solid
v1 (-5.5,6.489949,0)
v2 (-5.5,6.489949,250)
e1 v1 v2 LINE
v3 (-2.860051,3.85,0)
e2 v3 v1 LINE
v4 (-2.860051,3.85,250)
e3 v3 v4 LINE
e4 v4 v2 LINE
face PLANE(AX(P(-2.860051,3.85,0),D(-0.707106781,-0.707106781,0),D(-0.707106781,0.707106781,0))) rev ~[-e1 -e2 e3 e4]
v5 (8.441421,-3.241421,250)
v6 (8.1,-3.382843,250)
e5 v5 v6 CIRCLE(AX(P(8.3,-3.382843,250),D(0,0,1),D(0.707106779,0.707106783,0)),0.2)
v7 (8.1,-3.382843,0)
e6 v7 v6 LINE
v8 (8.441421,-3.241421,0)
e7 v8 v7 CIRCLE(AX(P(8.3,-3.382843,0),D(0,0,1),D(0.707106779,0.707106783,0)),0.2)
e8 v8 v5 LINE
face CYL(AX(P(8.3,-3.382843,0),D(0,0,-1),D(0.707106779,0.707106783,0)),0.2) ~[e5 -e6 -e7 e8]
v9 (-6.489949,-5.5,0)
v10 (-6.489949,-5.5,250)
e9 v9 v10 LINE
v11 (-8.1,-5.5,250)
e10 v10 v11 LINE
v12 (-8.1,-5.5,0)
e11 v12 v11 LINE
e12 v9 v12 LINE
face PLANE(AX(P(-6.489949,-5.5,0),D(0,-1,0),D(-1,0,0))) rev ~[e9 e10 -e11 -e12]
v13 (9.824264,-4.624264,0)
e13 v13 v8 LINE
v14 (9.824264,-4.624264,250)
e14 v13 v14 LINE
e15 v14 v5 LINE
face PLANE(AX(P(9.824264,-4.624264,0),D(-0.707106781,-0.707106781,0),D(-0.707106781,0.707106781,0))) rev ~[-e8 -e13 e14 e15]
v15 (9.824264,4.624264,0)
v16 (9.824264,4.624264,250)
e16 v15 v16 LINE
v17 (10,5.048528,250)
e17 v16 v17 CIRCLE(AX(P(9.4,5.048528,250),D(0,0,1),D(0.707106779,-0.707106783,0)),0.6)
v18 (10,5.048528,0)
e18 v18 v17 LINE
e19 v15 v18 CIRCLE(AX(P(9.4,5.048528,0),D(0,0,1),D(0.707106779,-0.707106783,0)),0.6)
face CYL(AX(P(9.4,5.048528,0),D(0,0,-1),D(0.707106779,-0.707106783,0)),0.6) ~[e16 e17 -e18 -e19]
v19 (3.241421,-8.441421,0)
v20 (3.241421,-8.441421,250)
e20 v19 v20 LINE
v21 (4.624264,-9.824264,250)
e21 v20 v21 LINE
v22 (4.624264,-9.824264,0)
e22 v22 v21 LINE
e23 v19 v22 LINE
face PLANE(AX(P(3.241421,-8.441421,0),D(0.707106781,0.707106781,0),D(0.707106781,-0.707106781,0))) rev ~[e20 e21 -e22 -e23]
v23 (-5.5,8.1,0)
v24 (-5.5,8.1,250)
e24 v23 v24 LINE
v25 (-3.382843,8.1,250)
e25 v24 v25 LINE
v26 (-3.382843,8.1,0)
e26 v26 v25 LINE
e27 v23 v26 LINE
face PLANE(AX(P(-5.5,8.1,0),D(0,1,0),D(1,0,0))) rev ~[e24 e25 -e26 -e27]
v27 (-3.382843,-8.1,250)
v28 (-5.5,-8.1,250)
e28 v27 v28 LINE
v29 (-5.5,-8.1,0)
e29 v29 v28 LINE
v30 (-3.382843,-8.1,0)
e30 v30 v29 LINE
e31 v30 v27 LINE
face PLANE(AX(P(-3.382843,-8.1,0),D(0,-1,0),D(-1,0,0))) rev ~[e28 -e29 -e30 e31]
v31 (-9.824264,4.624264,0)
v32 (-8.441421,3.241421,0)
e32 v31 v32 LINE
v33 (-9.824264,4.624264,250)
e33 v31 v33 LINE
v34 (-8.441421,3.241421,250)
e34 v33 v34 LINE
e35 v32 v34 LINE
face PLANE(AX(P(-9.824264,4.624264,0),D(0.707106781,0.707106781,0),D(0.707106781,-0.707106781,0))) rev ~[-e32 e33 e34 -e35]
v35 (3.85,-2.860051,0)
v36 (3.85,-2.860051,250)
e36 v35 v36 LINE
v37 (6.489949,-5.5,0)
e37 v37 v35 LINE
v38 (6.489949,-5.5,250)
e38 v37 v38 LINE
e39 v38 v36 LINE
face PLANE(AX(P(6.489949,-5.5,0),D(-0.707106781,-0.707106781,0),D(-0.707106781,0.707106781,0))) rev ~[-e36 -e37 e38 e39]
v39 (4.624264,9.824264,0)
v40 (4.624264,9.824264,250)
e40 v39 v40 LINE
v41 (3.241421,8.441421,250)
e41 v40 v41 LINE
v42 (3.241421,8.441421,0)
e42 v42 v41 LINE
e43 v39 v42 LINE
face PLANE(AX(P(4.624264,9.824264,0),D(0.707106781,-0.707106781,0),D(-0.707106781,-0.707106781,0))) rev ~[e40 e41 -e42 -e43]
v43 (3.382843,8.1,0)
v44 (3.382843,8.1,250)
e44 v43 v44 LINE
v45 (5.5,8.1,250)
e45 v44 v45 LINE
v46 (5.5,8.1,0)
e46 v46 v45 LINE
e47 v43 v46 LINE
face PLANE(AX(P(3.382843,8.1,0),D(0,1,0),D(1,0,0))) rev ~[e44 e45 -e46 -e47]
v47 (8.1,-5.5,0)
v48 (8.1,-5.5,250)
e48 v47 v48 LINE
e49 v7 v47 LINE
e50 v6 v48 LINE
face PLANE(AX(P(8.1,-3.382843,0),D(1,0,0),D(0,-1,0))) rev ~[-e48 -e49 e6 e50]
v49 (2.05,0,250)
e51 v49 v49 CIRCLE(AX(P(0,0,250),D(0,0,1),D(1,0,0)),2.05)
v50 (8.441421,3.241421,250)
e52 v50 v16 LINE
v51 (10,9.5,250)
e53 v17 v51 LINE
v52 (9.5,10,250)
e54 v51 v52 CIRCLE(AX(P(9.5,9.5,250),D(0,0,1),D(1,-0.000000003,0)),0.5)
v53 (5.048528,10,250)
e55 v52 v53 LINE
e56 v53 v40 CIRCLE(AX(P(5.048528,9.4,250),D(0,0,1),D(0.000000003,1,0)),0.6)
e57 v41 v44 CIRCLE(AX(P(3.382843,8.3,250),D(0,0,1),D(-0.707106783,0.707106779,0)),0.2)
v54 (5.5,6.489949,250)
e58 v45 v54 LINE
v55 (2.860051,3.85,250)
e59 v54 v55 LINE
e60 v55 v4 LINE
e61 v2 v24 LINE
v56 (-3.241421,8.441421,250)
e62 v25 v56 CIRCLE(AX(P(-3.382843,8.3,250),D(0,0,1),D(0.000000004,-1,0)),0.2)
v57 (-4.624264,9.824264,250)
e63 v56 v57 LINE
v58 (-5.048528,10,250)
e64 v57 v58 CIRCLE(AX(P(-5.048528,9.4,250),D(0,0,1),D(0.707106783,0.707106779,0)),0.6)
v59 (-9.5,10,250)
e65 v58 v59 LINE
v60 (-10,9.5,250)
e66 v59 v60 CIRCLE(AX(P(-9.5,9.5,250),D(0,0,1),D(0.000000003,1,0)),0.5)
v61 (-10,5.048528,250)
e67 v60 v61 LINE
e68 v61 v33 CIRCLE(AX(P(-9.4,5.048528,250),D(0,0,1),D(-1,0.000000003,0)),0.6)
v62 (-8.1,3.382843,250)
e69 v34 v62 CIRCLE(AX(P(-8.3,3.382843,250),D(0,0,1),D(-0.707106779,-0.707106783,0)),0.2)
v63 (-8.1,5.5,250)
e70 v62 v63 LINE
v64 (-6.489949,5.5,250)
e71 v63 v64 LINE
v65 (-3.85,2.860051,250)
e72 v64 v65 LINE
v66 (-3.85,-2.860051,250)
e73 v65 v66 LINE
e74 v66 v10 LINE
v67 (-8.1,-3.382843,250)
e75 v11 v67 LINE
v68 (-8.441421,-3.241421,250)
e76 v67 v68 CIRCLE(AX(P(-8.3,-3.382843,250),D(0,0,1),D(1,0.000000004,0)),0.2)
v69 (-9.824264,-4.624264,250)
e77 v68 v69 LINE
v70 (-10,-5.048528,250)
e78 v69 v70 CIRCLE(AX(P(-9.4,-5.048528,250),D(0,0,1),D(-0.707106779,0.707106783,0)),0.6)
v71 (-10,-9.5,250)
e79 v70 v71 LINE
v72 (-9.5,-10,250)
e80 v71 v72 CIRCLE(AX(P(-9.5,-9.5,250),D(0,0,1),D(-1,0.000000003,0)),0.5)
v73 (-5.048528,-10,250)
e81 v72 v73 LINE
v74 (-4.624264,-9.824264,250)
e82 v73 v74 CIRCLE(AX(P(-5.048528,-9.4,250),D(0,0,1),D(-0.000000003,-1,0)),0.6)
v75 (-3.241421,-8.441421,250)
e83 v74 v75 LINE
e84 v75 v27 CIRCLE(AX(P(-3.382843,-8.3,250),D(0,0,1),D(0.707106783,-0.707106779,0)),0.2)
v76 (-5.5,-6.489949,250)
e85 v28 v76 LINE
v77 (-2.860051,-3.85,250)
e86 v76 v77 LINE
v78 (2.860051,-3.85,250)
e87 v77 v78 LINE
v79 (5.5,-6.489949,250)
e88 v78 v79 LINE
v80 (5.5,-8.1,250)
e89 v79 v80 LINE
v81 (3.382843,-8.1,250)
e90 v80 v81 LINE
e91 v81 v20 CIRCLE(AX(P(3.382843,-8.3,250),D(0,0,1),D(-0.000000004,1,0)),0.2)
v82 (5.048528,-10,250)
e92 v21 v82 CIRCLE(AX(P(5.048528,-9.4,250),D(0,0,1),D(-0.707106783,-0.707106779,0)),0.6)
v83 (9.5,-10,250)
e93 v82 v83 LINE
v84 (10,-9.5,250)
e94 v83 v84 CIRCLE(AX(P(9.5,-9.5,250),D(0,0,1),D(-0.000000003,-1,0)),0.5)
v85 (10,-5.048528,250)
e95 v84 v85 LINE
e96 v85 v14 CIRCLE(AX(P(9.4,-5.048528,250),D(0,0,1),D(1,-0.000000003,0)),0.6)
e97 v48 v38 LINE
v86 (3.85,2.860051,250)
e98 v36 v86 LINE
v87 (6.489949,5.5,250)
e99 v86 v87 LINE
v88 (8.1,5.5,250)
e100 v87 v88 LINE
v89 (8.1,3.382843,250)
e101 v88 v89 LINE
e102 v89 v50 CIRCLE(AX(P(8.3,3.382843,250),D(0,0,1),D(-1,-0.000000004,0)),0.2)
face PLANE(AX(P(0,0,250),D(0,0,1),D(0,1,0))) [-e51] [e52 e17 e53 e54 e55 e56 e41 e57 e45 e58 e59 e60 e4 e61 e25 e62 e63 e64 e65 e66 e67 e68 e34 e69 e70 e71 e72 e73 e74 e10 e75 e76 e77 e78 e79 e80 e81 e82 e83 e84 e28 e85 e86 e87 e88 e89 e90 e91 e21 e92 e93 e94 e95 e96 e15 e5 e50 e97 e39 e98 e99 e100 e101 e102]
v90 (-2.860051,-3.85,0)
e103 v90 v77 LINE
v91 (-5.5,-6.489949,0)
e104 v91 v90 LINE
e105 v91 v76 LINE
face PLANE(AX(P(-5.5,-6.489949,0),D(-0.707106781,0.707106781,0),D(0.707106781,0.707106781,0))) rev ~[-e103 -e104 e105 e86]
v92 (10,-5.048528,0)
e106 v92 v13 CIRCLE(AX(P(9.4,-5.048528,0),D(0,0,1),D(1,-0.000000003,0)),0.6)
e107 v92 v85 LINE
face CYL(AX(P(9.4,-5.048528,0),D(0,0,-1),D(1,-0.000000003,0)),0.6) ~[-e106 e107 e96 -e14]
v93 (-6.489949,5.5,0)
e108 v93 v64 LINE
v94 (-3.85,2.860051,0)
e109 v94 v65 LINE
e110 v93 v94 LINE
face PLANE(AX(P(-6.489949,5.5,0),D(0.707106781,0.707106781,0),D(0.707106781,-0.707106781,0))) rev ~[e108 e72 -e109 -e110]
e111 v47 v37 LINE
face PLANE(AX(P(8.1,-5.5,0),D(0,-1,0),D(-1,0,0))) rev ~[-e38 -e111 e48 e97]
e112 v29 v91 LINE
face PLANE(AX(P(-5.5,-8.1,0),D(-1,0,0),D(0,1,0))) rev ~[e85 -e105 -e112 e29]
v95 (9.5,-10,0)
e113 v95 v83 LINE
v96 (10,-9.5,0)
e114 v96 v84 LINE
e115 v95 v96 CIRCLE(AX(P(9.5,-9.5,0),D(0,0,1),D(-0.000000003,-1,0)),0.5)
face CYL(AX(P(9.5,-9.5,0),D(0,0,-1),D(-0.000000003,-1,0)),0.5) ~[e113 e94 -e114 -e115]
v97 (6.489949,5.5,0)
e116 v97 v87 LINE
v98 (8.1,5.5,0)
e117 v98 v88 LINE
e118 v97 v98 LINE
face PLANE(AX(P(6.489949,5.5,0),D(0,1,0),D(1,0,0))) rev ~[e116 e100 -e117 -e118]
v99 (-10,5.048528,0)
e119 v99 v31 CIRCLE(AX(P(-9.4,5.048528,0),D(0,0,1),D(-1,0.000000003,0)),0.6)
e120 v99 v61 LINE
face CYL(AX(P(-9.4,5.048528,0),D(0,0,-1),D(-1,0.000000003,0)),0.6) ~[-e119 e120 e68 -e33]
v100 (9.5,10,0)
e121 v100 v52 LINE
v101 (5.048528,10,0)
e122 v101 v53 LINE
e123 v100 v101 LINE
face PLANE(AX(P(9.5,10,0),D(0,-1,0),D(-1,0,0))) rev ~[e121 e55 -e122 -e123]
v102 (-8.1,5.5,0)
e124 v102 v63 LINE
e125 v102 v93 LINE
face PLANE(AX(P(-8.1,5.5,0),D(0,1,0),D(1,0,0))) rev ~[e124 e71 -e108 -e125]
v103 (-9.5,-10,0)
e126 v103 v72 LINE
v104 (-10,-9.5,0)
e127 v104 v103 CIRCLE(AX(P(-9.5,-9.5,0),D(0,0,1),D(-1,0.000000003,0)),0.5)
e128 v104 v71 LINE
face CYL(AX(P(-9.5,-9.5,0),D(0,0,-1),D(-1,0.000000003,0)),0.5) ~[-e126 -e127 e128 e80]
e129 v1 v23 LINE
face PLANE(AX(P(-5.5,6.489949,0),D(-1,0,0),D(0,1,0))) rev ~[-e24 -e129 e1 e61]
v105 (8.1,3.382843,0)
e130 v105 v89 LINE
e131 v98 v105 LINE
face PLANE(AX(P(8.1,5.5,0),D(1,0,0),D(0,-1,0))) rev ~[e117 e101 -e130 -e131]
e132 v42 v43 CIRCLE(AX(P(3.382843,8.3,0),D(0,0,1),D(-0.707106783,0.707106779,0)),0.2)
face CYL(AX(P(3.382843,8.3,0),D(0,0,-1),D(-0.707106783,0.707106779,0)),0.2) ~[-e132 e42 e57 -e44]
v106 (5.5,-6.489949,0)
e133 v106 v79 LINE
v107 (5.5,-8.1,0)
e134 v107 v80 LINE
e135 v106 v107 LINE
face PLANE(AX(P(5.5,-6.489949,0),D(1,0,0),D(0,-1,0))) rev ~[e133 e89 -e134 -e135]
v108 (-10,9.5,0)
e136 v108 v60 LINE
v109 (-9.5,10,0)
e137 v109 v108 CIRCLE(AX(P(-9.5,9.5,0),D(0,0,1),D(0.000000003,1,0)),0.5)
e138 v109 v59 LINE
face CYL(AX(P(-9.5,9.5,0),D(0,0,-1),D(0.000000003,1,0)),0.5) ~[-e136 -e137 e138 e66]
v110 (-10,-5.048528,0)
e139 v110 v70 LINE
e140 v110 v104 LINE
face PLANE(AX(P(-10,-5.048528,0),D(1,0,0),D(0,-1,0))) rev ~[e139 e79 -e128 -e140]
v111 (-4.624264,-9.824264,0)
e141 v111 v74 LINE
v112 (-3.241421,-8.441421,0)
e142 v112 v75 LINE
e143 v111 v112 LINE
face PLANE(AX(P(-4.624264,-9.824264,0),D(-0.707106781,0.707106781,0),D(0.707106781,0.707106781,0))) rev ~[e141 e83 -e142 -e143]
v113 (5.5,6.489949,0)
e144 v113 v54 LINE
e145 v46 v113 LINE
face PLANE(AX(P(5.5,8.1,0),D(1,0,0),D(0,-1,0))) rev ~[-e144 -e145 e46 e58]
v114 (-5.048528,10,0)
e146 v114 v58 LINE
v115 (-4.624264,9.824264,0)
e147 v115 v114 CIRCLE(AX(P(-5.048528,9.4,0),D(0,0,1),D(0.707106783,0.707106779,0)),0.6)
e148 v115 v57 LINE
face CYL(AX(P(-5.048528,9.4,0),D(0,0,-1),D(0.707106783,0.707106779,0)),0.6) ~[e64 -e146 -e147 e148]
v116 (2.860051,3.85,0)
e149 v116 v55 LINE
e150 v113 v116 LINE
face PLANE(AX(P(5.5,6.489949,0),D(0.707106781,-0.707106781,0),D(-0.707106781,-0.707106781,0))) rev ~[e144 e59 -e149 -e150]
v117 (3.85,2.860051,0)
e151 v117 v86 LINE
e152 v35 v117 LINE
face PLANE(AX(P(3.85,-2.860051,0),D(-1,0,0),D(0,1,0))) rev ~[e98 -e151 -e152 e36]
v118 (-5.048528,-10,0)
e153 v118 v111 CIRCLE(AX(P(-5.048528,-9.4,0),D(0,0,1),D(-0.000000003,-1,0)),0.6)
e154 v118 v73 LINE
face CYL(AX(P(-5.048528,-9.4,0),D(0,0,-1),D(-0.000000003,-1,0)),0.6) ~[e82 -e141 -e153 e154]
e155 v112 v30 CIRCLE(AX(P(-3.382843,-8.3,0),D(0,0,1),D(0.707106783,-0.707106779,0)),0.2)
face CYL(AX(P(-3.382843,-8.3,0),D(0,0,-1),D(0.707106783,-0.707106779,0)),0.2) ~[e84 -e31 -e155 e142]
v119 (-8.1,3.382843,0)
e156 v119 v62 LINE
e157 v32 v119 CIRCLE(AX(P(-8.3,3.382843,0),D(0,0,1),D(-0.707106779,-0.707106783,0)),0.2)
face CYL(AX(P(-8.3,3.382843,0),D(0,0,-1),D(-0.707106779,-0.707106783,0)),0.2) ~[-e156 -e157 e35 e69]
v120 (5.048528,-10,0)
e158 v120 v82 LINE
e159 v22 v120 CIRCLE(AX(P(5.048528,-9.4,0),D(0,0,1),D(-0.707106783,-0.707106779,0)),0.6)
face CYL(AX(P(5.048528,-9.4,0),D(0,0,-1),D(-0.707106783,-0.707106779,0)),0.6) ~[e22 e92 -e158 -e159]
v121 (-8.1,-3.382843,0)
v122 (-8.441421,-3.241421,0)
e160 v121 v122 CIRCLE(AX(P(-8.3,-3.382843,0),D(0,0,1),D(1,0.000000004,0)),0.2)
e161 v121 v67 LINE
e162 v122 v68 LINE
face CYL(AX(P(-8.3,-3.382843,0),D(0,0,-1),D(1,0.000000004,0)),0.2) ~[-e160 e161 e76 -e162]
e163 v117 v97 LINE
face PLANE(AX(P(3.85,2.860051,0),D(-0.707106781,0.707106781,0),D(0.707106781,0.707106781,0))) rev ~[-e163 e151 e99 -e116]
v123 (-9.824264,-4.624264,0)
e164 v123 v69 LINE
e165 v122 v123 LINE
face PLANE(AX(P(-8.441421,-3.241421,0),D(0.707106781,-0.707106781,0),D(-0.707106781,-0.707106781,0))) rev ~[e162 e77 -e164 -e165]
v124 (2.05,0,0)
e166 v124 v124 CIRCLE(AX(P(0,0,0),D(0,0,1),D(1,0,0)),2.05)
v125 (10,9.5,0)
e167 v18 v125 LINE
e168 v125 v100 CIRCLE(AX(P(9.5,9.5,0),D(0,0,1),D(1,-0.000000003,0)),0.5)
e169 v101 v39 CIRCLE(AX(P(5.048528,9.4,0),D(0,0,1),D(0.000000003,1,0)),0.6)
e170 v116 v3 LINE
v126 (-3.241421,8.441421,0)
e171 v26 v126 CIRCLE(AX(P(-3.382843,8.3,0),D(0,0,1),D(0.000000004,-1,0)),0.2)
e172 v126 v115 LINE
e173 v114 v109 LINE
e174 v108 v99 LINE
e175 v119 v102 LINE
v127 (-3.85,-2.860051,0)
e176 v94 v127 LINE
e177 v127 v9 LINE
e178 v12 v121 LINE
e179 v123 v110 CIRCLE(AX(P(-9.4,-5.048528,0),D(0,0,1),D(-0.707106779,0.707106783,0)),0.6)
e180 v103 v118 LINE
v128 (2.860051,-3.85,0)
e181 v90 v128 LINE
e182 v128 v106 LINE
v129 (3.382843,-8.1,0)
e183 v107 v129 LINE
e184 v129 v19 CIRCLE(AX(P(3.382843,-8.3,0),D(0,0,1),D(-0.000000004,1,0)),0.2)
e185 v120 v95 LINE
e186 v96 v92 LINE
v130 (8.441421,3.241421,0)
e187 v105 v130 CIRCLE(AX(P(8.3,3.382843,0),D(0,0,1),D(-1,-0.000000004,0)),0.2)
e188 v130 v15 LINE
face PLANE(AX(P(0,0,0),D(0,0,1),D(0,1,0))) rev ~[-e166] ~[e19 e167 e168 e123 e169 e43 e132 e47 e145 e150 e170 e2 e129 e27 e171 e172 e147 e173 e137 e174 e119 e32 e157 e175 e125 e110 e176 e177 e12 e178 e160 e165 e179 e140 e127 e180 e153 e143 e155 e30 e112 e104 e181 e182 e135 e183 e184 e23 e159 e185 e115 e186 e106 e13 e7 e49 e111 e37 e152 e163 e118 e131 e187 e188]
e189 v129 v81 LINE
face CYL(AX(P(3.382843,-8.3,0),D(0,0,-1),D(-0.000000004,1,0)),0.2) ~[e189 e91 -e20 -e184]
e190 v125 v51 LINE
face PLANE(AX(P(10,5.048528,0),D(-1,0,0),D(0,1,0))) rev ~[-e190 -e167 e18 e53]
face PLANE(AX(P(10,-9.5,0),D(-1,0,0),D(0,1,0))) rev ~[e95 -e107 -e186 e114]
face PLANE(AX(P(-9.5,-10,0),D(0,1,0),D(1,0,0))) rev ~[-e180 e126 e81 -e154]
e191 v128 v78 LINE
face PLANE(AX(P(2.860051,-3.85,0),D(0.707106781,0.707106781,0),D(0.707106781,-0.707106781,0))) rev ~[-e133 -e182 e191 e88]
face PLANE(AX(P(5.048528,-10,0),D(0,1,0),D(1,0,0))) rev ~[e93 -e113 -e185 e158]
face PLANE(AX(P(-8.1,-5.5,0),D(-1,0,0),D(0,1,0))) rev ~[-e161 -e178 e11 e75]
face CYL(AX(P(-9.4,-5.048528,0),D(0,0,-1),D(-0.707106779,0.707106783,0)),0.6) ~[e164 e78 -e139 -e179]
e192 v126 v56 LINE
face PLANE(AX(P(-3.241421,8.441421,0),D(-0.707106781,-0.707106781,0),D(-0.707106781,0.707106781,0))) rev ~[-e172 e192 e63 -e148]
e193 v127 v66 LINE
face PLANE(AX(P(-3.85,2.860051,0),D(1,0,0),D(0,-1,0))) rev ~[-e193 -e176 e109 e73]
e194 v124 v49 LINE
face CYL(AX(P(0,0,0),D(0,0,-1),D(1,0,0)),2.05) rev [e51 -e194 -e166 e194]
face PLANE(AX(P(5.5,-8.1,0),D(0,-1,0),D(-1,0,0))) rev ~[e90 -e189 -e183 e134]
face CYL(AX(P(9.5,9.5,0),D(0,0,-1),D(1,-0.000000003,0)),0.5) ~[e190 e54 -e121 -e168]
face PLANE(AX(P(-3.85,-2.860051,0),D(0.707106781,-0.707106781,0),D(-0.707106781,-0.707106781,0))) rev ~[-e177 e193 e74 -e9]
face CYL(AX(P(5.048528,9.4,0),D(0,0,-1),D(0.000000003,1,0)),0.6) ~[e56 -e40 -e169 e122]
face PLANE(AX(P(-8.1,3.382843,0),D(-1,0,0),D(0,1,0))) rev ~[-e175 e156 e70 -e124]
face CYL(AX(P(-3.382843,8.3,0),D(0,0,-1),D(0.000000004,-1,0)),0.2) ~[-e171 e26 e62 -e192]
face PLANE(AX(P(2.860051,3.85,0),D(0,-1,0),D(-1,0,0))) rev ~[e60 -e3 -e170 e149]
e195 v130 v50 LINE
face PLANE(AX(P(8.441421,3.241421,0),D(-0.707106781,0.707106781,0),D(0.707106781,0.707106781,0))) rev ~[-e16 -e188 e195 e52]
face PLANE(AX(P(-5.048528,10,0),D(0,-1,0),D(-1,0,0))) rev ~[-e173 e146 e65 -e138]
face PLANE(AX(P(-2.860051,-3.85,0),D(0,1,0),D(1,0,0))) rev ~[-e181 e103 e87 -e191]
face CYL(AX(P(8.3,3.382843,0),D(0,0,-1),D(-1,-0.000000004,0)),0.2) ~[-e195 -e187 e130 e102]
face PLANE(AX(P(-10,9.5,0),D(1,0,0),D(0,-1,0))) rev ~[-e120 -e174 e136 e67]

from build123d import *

# Parameters (mm, degrees)
SKETCH1_R           = 2.05
BOSS_EXTRUDE1_DEPTH = 250


with BuildPart() as part:
    # Sketch1 → Boss-Extrude1 (new body)
    with BuildSketch(Plane(origin=(0, 0, 0), x_dir=(0, 1, 0), z_dir=(0, 0, 1))):
        with BuildLine():
            Line((-2.860050506, -3.85), (2.860050506, -3.85))
            Line((2.860050506, -3.85), (5.5, -6.489949494))
            Line((5.5, -6.489949494), (5.5, -8.1))
            Line((5.5, -8.1), (3.382842712, -8.1))
            ThreePointArc((3.382842712, -8.1), (3.198066806, -8.223463314), (3.241421356, -8.441421356))
            Line((3.241421356, -8.441421356), (4.624264069, -9.824264069))
            ThreePointArc((4.624264069, -9.824264069), (4.818918078, -9.95432772), (5.048528137, -10))
            Line((5.048528137, -10), (9.5, -10))
            ThreePointArc((9.5, -10), (9.853553391, -9.853553391), (10, -9.5))
            Line((10, -9.5), (10, -5.048528137))
            ThreePointArc((10, -5.048528137), (9.95432772, -4.818918078), (9.824264069, -4.624264069))
            Line((9.824264069, -4.624264069), (8.441421356, -3.241421356))
            ThreePointArc((8.441421356, -3.241421356), (8.223463314, -3.198066806), (8.1, -3.382842712))
            Line((8.1, -3.382842712), (8.1, -5.5))
            Line((8.1, -5.5), (6.489949494, -5.5))
            Line((6.489949494, -5.5), (3.85, -2.860050506))
            Line((3.85, -2.860050506), (3.85, 2.860050506))
            Line((3.85, 2.860050506), (6.489949494, 5.5))
            Line((6.489949494, 5.5), (8.1, 5.5))
            Line((8.1, 5.5), (8.1, 3.382842712))
            ThreePointArc((8.1, 3.382842712), (8.223463314, 3.198066806), (8.441421356, 3.241421356))
            Line((8.441421356, 3.241421356), (9.824264069, 4.624264069))
            ThreePointArc((9.824264069, 4.624264069), (9.95432772, 4.818918078), (10, 5.048528137))
            Line((10, 5.048528137), (10, 9.5))
            ThreePointArc((10, 9.5), (9.853553391, 9.853553391), (9.5, 10))
            Line((9.5, 10), (5.048528137, 10))
            ThreePointArc((5.048528137, 10), (4.818918078, 9.95432772), (4.624264069, 9.824264069))
            Line((4.624264069, 9.824264069), (3.241421356, 8.441421356))
            ThreePointArc((3.241421356, 8.441421356), (3.198066806, 8.223463314), (3.382842712, 8.1))
            Line((3.382842712, 8.1), (5.5, 8.1))
            Line((5.5, 8.1), (5.5, 6.489949494))
            Line((5.5, 6.489949494), (2.860050506, 3.85))
            Line((2.860050506, 3.85), (-2.860050506, 3.85))
            Line((-2.860050506, 3.85), (-5.5, 6.489949494))
            Line((-5.5, 6.489949494), (-5.5, 8.1))
            Line((-5.5, 8.1), (-3.382842712, 8.1))
            ThreePointArc((-3.382842712, 8.1), (-3.198066806, 8.223463314), (-3.241421356, 8.441421356))
            Line((-3.241421356, 8.441421356), (-4.624264069, 9.824264069))
            ThreePointArc((-4.624264069, 9.824264069), (-4.818918078, 9.95432772), (-5.048528137, 10))
            Line((-5.048528137, 10), (-9.5, 10))
            ThreePointArc((-9.5, 10), (-9.853553391, 9.853553391), (-10, 9.5))
            Line((-10, 9.5), (-10, 5.048528137))
            ThreePointArc((-10, 5.048528137), (-9.95432772, 4.818918078), (-9.824264069, 4.624264069))
            Line((-9.824264069, 4.624264069), (-8.441421356, 3.241421356))
            ThreePointArc((-8.441421356, 3.241421356), (-8.223463314, 3.198066806), (-8.1, 3.382842712))
            Line((-8.1, 3.382842712), (-8.1, 5.5))
            Line((-8.1, 5.5), (-6.489949494, 5.5))
            Line((-6.489949494, 5.5), (-3.85, 2.860050506))
            Line((-3.85, 2.860050506), (-3.85, -2.860050506))
            Line((-3.85, -2.860050506), (-6.489949494, -5.5))
            Line((-6.489949494, -5.5), (-8.1, -5.5))
            Line((-8.1, -5.5), (-8.1, -3.382842712))
            ThreePointArc((-8.1, -3.382842712), (-8.223463314, -3.198066806), (-8.441421356, -3.241421356))
            Line((-8.441421356, -3.241421356), (-9.824264069, -4.624264069))
            ThreePointArc((-9.824264069, -4.624264069), (-9.95432772, -4.818918078), (-10, -5.048528137))
            Line((-10, -5.048528137), (-10, -9.5))
            ThreePointArc((-10, -9.5), (-9.853553391, -9.853553391), (-9.5, -10))
            Line((-9.5, -10), (-5.048528137, -10))
            ThreePointArc((-5.048528137, -10), (-4.818918078, -9.95432772), (-4.624264069, -9.824264069))
            Line((-4.624264069, -9.824264069), (-3.241421356, -8.441421356))
            ThreePointArc((-3.241421356, -8.441421356), (-3.198066806, -8.223463314), (-3.382842712, -8.1))
            Line((-3.382842712, -8.1), (-5.5, -8.1))
            Line((-5.5, -8.1), (-5.5, -6.489949494))
            Line((-5.5, -6.489949494), (-2.860050506, -3.85))
        make_face()
        with Locations(Location((0, 0, 0), (0, 0, 270))):
            Circle(SKETCH1_R, mode=Mode.SUBTRACT)
    extrude(amount=BOSS_EXTRUDE1_DEPTH)


solid = part.part
